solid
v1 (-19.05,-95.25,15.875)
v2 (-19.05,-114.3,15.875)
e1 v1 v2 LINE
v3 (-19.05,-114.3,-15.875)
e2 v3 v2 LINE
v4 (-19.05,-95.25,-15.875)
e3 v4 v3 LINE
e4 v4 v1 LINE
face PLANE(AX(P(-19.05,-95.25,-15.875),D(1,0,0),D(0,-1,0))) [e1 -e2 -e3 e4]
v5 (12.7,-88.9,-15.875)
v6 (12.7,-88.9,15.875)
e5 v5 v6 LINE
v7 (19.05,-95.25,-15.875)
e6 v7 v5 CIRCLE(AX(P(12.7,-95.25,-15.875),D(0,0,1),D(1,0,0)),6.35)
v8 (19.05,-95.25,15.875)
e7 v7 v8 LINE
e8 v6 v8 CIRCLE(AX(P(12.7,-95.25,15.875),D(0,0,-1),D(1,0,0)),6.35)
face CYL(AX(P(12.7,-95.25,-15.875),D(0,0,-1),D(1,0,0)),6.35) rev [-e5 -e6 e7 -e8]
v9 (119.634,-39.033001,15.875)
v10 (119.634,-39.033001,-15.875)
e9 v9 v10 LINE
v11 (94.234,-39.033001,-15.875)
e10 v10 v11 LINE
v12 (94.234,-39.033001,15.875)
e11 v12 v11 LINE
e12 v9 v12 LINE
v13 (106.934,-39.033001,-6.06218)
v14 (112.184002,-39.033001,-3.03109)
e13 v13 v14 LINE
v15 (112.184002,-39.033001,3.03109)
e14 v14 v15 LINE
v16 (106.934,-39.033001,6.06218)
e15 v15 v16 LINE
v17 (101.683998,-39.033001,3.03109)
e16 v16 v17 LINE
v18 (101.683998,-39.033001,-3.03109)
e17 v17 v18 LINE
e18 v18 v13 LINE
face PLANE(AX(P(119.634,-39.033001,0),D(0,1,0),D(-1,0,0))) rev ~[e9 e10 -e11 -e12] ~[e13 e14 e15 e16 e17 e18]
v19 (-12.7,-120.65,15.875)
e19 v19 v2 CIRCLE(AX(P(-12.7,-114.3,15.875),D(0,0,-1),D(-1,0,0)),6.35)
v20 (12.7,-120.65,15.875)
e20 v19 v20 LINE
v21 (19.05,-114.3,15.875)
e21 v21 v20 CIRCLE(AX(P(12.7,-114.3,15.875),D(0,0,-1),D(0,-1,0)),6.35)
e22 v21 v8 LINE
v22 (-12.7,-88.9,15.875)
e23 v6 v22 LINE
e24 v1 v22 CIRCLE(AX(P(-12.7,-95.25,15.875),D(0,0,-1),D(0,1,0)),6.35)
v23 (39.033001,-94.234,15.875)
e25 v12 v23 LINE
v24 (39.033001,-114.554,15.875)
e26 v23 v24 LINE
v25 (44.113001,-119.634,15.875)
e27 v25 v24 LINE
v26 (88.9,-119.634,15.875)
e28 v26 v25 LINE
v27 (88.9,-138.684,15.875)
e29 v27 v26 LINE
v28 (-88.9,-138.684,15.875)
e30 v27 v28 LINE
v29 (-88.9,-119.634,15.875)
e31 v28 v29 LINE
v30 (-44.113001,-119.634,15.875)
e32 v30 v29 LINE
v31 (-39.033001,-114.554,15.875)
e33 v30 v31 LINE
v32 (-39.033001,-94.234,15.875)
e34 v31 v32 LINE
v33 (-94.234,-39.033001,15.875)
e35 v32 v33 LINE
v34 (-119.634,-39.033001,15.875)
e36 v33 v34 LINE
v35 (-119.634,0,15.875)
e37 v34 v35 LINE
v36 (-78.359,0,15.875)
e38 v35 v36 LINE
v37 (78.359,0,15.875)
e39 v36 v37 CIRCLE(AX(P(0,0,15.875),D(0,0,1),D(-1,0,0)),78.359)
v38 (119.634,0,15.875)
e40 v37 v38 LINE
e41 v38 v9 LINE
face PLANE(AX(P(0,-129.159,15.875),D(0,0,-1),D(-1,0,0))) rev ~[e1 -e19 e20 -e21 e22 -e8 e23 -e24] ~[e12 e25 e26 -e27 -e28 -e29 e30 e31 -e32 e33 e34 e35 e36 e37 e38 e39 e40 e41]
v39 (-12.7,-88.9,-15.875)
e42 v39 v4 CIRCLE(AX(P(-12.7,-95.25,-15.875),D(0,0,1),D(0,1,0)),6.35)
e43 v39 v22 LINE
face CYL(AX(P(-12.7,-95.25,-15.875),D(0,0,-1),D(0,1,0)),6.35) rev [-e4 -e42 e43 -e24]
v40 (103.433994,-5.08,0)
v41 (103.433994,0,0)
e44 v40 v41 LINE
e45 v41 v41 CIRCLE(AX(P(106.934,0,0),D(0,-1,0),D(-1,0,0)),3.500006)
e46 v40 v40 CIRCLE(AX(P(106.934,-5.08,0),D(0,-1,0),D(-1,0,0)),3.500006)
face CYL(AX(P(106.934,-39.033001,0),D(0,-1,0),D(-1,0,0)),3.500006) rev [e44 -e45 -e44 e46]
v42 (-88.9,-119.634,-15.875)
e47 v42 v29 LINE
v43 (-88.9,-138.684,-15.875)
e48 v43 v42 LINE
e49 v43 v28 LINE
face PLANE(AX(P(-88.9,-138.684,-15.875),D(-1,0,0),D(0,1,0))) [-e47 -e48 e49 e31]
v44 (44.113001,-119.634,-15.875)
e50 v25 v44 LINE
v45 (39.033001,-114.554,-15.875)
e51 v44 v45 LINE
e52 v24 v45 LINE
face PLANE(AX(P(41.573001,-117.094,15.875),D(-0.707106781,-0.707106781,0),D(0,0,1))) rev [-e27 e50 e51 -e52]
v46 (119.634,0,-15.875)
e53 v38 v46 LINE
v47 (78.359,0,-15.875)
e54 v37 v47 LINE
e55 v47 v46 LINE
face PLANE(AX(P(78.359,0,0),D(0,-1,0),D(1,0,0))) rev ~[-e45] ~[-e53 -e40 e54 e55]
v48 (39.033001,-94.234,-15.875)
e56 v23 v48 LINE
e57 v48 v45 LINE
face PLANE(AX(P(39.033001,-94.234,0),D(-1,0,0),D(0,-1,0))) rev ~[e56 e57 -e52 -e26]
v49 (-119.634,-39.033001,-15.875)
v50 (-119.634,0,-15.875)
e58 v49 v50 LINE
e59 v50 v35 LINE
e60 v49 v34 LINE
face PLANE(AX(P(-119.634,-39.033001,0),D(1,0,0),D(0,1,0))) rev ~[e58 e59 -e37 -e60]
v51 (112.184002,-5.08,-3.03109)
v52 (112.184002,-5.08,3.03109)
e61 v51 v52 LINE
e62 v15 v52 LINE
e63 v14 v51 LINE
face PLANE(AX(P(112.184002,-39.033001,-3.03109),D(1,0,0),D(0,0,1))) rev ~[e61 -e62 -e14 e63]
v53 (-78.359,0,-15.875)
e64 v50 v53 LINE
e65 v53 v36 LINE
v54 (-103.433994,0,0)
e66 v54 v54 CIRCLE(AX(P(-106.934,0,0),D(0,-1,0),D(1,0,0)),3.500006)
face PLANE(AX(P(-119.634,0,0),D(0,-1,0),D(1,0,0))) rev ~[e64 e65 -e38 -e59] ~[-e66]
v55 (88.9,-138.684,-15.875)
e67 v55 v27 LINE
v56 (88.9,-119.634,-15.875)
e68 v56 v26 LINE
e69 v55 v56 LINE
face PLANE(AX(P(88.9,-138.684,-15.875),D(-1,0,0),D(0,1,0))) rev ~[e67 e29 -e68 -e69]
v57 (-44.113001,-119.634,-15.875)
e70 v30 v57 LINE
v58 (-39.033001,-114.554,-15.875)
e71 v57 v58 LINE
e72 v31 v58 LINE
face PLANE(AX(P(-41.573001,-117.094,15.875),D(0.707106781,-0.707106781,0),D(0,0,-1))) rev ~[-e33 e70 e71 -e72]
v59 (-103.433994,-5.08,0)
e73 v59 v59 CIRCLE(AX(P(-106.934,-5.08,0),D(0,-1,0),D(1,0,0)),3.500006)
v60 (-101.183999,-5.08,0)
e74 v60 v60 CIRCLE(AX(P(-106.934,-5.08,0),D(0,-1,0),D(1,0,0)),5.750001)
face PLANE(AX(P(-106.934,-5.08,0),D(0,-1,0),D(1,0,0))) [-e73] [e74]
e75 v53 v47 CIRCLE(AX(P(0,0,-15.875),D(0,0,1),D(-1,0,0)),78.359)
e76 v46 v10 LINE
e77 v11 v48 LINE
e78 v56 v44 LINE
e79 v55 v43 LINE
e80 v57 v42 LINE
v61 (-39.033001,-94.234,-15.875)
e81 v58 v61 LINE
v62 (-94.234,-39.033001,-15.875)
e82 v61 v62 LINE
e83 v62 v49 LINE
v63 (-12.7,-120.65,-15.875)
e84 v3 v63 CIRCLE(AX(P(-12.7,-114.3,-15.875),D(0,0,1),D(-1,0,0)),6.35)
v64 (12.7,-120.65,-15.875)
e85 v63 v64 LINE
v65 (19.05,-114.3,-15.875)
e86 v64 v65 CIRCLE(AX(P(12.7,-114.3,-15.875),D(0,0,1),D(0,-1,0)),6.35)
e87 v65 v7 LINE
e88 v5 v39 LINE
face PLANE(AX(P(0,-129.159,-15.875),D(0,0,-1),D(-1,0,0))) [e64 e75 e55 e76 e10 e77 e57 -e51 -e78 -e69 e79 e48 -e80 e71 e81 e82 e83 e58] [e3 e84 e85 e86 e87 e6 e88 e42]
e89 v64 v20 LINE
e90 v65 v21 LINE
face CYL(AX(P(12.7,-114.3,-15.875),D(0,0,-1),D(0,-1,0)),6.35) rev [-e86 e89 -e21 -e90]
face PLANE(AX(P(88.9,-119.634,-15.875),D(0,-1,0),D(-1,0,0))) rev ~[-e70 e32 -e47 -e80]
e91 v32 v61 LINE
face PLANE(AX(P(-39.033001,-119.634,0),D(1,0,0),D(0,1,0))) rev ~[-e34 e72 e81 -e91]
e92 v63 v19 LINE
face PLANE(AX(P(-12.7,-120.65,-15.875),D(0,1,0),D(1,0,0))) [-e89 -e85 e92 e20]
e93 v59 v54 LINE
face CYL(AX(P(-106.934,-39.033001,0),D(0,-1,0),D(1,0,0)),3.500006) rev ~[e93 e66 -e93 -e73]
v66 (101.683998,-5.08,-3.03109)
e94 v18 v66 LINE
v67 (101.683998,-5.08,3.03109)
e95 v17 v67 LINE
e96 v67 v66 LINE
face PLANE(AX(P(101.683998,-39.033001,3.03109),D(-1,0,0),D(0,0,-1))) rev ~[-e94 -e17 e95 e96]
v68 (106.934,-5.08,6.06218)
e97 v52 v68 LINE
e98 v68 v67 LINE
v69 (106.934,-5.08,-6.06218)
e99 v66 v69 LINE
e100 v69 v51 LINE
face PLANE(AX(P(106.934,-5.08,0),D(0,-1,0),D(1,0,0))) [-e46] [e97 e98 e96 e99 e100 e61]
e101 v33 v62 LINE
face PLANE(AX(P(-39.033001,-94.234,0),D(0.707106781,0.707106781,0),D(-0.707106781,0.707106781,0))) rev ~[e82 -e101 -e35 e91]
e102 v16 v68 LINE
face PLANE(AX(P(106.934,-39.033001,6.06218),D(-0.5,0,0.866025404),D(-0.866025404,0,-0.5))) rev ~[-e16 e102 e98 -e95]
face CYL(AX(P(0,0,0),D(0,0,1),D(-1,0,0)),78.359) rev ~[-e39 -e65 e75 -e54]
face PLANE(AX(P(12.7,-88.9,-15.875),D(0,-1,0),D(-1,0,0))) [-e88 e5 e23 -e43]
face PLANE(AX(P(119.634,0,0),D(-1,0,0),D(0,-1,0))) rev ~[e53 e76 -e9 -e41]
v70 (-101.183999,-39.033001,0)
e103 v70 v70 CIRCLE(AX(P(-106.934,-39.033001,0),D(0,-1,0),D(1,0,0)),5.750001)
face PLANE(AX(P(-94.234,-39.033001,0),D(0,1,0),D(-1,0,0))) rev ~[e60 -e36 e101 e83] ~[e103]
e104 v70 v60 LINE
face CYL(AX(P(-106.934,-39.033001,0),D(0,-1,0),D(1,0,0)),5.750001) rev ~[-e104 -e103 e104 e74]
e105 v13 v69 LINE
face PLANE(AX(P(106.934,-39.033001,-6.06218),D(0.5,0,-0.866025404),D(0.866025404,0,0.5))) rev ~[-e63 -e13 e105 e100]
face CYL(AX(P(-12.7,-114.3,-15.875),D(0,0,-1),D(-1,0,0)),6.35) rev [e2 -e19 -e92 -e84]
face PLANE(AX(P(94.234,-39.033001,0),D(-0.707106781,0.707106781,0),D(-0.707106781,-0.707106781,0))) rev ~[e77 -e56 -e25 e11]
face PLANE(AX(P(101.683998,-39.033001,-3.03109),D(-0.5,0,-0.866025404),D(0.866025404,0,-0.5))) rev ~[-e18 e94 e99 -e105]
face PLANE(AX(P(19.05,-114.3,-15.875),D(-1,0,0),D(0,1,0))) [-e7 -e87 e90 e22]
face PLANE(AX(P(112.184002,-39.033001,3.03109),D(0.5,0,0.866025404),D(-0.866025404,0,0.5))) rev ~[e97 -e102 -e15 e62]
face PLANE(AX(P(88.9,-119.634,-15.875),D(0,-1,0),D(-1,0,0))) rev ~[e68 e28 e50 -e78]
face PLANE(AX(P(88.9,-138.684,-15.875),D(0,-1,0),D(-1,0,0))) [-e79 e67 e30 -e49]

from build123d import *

# Parameters (mm, degrees)
BASE_GEO_DEPTH                  = 15.875
SKETCH2_R                       = 3.5000057
BOLT_HOLE_DEPTH                 = 40.033000837
SKETCH3_R                       = 5.7500012
NUT_AND_BOLT_HEAD_CUTOUTS_DEPTH = 33.953001
SKETCH5_W                       = 177.8
SKETCH5_H                       = 19.05
BOSS_EXTRUDE1_DEPTH             = 31.75
CUT_EXTRUDE1_DEPTH              = 32.75
CHAMFER1_SIZE                   = 5.08


with BuildPart() as part:
    # Sketch1 → base geo (new body, symmetric)
    with BuildSketch(Plane.XY):
        with BuildLine():
            ThreePointArc((-78.359, 0), (0, -78.359), (78.359, 0))
            Line((78.359, 0), (119.634, 0))
            Line((119.634, 0), (119.634, -39.033000837))
            Line((119.634, -39.033000837), (94.234, -39.033000837))
            Line((94.234, -39.033000837), (39.033000837, -94.234))
            Line((39.033000837, -94.234), (39.033000837, -119.634))
            Line((39.033000837, -119.634), (-39.033000837, -119.634))
            Line((-39.033000837, -119.634), (-39.033000837, -94.234))
            Line((-39.033000837, -94.234), (-94.234, -39.033000837))
            Line((-94.234, -39.033000837), (-119.634, -39.033000837))
            Line((-119.634, -39.033000837), (-119.634, 0))
            Line((-119.634, 0), (-78.359, 0))
        make_face()
    extrude(amount=BASE_GEO_DEPTH, both=True)

    # Sketch2 → bolt hole (cut, through all)
    with BuildSketch(Plane.XZ.offset(39.033000837)):
        with Locations((-106.934, 0)):
            Circle(SKETCH2_R)
    bolt_hole = extrude(amount=-BOLT_HOLE_DEPTH, mode=Mode.SUBTRACT)

    # bolt hole mirrored: bolt hole across plane
    add(bolt_hole.mirror(Plane(origin=(0, 0, 0), x_dir=(0, 0, 1), z_dir=(1, 0, 0))), mode=Mode.SUBTRACT)

    # Sketch3 → nut and bolt head cutouts (cut)
    with BuildSketch(Plane.XZ.offset(39.033000837)):
        with Locations((-106.934, 0)):
            Circle(SKETCH3_R)
        Polygon((112.1840022, -3.031090183), (112.1840022, 3.031090183), (106.934, 6.062180367), (101.6839978, 3.031090183), (101.6839978, -3.031090183), (106.934, -6.062180367), align=None)
    extrude(amount=-NUT_AND_BOLT_HEAD_CUTOUTS_DEPTH, mode=Mode.SUBTRACT)

    # Sketch5 → Boss-Extrude1 (add)
    with BuildSketch(Plane(origin=(0, 0, -15.875), x_dir=(-1, 0, 0), z_dir=(0, 0, -1))):
        with Locations((0, -129.159)):
            Rectangle(SKETCH5_W, SKETCH5_H)
    extrude(amount=-BOSS_EXTRUDE1_DEPTH)

    # Sketch6 → Cut-Extrude1 (cut, through all)
    with BuildSketch(Plane(origin=(0, 0, -15.875), x_dir=(-1, 0, 0), z_dir=(0, 0, -1))):
        with BuildLine():
            Line((12.7, -120.65), (-12.7, -120.65))
            ThreePointArc((-12.7, -120.65), (-17.190128061, -118.790128061), (-19.05, -114.3))
            Line((-19.05, -114.3), (-19.05, -95.25))
            ThreePointArc((-19.05, -95.25), (-17.190128061, -90.759871939), (-12.7, -88.9))
            Line((-12.7, -88.9), (12.7, -88.9))
            ThreePointArc((12.7, -88.9), (17.190128061, -90.759871939), (19.05, -95.25))
            Line((19.05, -95.25), (19.05, -114.3))
            ThreePointArc((19.05, -114.3), (17.190128061, -118.790128061), (12.7, -120.65))
        make_face()
    extrude(amount=-CUT_EXTRUDE1_DEPTH, mode=Mode.SUBTRACT)

    # Chamfer1
    chamfer1_edges = [part.edges().sort_by_distance(p)[0] for p in [
        (39.033000837, -119.634, 0),
        (-39.033000837, -119.634, 0),
    ]]
    chamfer(chamfer1_edges, length=CHAMFER1_SIZE)


solid = part.part
